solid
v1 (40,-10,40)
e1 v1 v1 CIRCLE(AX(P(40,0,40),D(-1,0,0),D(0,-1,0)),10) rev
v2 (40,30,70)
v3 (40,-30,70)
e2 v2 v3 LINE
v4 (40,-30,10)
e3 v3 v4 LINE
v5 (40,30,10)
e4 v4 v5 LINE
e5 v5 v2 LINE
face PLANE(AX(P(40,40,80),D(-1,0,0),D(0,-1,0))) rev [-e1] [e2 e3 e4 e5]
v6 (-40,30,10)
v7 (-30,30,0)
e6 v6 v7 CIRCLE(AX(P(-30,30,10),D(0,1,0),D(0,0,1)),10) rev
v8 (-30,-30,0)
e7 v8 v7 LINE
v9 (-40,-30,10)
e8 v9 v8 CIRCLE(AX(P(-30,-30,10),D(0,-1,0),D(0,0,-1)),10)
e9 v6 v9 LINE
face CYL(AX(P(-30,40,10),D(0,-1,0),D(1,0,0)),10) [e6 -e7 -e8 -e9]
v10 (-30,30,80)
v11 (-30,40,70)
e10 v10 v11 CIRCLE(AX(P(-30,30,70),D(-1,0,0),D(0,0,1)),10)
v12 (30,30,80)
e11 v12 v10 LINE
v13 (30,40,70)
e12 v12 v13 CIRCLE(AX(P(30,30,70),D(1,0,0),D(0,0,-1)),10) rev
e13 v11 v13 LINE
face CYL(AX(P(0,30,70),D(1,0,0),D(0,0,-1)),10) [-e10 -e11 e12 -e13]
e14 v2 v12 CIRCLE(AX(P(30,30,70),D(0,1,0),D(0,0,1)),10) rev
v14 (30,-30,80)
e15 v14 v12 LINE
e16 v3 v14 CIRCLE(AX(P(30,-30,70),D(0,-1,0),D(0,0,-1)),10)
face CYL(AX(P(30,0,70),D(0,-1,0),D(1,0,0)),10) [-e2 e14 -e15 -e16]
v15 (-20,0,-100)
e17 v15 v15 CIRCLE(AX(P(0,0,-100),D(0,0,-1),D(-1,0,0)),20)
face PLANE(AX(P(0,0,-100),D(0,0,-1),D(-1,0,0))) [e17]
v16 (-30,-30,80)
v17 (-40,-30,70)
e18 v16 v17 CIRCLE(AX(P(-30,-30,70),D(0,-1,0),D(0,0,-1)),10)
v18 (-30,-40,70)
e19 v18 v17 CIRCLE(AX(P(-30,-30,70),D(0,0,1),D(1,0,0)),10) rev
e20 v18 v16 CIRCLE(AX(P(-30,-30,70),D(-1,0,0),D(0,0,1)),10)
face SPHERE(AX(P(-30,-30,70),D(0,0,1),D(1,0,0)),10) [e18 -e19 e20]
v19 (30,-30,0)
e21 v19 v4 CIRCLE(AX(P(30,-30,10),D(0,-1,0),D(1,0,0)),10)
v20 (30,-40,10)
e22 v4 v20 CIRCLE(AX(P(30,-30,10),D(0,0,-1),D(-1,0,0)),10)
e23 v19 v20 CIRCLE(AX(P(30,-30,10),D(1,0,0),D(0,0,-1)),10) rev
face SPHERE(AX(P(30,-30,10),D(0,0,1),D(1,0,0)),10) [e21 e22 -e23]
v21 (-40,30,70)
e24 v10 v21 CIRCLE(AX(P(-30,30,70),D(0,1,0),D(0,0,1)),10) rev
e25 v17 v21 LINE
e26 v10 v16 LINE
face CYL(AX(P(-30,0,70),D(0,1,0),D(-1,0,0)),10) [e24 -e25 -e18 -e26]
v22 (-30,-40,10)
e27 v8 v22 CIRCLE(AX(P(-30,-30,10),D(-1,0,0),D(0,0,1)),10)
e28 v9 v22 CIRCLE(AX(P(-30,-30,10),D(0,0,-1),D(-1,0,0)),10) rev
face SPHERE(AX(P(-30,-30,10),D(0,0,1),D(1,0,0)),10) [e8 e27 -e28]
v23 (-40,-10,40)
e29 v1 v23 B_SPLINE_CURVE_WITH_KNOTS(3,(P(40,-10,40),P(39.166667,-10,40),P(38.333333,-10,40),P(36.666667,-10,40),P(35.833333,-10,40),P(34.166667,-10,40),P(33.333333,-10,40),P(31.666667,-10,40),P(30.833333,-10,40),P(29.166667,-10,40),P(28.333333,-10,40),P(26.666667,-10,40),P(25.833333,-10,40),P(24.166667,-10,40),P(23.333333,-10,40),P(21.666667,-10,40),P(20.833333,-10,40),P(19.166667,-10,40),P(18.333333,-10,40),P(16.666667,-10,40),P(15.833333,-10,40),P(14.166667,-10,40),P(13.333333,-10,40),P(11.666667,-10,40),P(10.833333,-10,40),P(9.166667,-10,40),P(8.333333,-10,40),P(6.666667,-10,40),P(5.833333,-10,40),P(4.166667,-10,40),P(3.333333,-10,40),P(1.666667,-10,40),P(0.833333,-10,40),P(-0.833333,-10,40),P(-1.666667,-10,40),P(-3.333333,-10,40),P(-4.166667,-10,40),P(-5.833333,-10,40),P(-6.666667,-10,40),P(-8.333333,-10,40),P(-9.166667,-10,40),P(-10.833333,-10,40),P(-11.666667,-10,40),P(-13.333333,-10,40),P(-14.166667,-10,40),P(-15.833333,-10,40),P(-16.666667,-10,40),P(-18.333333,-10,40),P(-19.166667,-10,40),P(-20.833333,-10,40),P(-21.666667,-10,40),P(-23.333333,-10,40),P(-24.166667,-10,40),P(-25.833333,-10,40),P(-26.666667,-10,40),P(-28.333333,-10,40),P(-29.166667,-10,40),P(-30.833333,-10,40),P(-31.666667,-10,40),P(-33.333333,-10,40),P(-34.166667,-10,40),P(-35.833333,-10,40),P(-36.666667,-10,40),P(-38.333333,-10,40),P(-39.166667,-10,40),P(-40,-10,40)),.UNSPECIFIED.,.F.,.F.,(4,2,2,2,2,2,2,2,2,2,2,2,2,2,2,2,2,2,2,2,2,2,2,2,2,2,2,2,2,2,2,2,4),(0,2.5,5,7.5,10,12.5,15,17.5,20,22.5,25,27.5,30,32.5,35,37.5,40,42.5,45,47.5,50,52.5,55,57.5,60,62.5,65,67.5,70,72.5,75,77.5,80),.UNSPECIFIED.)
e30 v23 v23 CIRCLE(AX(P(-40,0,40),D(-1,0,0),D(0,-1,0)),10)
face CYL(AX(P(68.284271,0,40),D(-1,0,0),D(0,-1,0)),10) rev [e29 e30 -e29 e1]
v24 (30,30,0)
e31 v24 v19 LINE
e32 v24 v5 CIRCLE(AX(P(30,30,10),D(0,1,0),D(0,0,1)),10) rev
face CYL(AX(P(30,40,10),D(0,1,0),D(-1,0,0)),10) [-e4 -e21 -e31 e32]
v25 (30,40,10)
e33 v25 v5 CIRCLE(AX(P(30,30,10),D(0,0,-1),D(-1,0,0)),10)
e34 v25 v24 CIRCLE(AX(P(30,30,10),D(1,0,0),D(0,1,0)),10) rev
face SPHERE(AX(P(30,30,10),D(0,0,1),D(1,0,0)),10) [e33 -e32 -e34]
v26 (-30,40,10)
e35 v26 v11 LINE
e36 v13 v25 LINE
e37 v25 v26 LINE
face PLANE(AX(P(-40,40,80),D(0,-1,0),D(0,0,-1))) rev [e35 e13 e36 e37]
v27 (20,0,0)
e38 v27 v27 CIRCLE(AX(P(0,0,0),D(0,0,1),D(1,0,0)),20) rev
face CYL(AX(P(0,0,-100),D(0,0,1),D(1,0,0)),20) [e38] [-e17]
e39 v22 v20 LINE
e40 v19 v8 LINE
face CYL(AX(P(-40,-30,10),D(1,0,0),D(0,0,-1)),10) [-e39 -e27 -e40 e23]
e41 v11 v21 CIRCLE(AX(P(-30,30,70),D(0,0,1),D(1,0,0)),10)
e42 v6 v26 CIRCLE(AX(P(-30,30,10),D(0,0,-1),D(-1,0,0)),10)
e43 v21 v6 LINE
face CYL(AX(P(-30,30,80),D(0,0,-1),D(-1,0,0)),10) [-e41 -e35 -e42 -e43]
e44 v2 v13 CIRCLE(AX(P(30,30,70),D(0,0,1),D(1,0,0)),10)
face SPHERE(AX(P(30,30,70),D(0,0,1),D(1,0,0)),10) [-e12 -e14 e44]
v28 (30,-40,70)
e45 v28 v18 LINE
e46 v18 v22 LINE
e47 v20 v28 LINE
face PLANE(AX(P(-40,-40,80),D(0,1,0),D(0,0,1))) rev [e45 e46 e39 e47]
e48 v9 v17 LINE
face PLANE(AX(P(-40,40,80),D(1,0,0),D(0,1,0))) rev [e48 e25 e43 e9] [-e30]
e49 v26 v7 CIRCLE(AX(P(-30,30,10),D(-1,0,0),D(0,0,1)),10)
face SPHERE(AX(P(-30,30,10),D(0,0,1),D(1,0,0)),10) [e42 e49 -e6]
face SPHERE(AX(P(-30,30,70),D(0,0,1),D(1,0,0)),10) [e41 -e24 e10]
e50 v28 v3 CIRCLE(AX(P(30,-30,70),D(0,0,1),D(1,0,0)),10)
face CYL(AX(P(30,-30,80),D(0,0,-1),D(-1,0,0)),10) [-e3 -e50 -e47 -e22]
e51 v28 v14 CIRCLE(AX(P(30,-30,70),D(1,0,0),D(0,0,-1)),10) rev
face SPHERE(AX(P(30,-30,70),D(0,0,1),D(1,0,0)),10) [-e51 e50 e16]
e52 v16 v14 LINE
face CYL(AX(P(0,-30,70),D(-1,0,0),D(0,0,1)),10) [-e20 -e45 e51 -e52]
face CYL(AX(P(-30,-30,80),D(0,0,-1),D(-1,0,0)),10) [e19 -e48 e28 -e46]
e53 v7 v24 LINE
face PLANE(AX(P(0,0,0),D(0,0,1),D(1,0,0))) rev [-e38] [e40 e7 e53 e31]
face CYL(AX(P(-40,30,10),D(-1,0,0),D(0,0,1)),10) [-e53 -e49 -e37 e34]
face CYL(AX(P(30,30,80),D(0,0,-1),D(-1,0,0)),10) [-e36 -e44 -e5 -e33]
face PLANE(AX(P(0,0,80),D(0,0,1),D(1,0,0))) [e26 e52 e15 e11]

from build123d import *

# Parameters (mm, degrees)
BOX_SKETCH_W       = 80
BOX_SKETCH_H       = 80
BOX_EXTRUDE_DEPTH  = 80
BOX_FILLET_R       = 10
POLE_SKETCH_R      = 20
POLE_EXTRUDE_DEPTH = 100
HOLE_SKETCH_R      = 10
HOLE_CUT_DEPTH     = 80


with BuildPart() as part:
    # Box Sketch → Box Extrude (new body)
    with BuildSketch(Plane.XY):
        Rectangle(BOX_SKETCH_W, BOX_SKETCH_H)
    extrude(amount=BOX_EXTRUDE_DEPTH)

    # Box Fillet
    box_fillet_edges = [part.edges().sort_by_distance(p)[0] for p in [
        (-40, 0, 80),
        (0, -40, 80),
        (40, 0, 80),
        (0, -40, 0),
        (-40, 0, 0),
        (0, 40, 0),
        (40, 0, 0),
        (0, 40, 80),
        (40, -40, 40),
        (-40, -40, 40),
        (-40, 40, 40),
        (40, 40, 40),
    ]]
    fillet(box_fillet_edges, radius=BOX_FILLET_R)

    # Pole Sketch → Pole Extrude (add)
    with BuildSketch(Plane(origin=(0, 0, 0), x_dir=(-1, 0, 0), z_dir=(0, 0, -1))):
        with Locations(Location((0, 0, 0), (0, 0, 180))):
            Circle(POLE_SKETCH_R)
    extrude(amount=POLE_EXTRUDE_DEPTH)

    # Hole Sketch → Hole Cut (cut)
    with BuildSketch(Plane.ZY.offset(40)):
        with Locations(Location((40, 0, 0), (0, 0, 270))):
            Circle(HOLE_SKETCH_R)
    extrude(amount=-HOLE_CUT_DEPTH, mode=Mode.SUBTRACT)


solid = part.part
